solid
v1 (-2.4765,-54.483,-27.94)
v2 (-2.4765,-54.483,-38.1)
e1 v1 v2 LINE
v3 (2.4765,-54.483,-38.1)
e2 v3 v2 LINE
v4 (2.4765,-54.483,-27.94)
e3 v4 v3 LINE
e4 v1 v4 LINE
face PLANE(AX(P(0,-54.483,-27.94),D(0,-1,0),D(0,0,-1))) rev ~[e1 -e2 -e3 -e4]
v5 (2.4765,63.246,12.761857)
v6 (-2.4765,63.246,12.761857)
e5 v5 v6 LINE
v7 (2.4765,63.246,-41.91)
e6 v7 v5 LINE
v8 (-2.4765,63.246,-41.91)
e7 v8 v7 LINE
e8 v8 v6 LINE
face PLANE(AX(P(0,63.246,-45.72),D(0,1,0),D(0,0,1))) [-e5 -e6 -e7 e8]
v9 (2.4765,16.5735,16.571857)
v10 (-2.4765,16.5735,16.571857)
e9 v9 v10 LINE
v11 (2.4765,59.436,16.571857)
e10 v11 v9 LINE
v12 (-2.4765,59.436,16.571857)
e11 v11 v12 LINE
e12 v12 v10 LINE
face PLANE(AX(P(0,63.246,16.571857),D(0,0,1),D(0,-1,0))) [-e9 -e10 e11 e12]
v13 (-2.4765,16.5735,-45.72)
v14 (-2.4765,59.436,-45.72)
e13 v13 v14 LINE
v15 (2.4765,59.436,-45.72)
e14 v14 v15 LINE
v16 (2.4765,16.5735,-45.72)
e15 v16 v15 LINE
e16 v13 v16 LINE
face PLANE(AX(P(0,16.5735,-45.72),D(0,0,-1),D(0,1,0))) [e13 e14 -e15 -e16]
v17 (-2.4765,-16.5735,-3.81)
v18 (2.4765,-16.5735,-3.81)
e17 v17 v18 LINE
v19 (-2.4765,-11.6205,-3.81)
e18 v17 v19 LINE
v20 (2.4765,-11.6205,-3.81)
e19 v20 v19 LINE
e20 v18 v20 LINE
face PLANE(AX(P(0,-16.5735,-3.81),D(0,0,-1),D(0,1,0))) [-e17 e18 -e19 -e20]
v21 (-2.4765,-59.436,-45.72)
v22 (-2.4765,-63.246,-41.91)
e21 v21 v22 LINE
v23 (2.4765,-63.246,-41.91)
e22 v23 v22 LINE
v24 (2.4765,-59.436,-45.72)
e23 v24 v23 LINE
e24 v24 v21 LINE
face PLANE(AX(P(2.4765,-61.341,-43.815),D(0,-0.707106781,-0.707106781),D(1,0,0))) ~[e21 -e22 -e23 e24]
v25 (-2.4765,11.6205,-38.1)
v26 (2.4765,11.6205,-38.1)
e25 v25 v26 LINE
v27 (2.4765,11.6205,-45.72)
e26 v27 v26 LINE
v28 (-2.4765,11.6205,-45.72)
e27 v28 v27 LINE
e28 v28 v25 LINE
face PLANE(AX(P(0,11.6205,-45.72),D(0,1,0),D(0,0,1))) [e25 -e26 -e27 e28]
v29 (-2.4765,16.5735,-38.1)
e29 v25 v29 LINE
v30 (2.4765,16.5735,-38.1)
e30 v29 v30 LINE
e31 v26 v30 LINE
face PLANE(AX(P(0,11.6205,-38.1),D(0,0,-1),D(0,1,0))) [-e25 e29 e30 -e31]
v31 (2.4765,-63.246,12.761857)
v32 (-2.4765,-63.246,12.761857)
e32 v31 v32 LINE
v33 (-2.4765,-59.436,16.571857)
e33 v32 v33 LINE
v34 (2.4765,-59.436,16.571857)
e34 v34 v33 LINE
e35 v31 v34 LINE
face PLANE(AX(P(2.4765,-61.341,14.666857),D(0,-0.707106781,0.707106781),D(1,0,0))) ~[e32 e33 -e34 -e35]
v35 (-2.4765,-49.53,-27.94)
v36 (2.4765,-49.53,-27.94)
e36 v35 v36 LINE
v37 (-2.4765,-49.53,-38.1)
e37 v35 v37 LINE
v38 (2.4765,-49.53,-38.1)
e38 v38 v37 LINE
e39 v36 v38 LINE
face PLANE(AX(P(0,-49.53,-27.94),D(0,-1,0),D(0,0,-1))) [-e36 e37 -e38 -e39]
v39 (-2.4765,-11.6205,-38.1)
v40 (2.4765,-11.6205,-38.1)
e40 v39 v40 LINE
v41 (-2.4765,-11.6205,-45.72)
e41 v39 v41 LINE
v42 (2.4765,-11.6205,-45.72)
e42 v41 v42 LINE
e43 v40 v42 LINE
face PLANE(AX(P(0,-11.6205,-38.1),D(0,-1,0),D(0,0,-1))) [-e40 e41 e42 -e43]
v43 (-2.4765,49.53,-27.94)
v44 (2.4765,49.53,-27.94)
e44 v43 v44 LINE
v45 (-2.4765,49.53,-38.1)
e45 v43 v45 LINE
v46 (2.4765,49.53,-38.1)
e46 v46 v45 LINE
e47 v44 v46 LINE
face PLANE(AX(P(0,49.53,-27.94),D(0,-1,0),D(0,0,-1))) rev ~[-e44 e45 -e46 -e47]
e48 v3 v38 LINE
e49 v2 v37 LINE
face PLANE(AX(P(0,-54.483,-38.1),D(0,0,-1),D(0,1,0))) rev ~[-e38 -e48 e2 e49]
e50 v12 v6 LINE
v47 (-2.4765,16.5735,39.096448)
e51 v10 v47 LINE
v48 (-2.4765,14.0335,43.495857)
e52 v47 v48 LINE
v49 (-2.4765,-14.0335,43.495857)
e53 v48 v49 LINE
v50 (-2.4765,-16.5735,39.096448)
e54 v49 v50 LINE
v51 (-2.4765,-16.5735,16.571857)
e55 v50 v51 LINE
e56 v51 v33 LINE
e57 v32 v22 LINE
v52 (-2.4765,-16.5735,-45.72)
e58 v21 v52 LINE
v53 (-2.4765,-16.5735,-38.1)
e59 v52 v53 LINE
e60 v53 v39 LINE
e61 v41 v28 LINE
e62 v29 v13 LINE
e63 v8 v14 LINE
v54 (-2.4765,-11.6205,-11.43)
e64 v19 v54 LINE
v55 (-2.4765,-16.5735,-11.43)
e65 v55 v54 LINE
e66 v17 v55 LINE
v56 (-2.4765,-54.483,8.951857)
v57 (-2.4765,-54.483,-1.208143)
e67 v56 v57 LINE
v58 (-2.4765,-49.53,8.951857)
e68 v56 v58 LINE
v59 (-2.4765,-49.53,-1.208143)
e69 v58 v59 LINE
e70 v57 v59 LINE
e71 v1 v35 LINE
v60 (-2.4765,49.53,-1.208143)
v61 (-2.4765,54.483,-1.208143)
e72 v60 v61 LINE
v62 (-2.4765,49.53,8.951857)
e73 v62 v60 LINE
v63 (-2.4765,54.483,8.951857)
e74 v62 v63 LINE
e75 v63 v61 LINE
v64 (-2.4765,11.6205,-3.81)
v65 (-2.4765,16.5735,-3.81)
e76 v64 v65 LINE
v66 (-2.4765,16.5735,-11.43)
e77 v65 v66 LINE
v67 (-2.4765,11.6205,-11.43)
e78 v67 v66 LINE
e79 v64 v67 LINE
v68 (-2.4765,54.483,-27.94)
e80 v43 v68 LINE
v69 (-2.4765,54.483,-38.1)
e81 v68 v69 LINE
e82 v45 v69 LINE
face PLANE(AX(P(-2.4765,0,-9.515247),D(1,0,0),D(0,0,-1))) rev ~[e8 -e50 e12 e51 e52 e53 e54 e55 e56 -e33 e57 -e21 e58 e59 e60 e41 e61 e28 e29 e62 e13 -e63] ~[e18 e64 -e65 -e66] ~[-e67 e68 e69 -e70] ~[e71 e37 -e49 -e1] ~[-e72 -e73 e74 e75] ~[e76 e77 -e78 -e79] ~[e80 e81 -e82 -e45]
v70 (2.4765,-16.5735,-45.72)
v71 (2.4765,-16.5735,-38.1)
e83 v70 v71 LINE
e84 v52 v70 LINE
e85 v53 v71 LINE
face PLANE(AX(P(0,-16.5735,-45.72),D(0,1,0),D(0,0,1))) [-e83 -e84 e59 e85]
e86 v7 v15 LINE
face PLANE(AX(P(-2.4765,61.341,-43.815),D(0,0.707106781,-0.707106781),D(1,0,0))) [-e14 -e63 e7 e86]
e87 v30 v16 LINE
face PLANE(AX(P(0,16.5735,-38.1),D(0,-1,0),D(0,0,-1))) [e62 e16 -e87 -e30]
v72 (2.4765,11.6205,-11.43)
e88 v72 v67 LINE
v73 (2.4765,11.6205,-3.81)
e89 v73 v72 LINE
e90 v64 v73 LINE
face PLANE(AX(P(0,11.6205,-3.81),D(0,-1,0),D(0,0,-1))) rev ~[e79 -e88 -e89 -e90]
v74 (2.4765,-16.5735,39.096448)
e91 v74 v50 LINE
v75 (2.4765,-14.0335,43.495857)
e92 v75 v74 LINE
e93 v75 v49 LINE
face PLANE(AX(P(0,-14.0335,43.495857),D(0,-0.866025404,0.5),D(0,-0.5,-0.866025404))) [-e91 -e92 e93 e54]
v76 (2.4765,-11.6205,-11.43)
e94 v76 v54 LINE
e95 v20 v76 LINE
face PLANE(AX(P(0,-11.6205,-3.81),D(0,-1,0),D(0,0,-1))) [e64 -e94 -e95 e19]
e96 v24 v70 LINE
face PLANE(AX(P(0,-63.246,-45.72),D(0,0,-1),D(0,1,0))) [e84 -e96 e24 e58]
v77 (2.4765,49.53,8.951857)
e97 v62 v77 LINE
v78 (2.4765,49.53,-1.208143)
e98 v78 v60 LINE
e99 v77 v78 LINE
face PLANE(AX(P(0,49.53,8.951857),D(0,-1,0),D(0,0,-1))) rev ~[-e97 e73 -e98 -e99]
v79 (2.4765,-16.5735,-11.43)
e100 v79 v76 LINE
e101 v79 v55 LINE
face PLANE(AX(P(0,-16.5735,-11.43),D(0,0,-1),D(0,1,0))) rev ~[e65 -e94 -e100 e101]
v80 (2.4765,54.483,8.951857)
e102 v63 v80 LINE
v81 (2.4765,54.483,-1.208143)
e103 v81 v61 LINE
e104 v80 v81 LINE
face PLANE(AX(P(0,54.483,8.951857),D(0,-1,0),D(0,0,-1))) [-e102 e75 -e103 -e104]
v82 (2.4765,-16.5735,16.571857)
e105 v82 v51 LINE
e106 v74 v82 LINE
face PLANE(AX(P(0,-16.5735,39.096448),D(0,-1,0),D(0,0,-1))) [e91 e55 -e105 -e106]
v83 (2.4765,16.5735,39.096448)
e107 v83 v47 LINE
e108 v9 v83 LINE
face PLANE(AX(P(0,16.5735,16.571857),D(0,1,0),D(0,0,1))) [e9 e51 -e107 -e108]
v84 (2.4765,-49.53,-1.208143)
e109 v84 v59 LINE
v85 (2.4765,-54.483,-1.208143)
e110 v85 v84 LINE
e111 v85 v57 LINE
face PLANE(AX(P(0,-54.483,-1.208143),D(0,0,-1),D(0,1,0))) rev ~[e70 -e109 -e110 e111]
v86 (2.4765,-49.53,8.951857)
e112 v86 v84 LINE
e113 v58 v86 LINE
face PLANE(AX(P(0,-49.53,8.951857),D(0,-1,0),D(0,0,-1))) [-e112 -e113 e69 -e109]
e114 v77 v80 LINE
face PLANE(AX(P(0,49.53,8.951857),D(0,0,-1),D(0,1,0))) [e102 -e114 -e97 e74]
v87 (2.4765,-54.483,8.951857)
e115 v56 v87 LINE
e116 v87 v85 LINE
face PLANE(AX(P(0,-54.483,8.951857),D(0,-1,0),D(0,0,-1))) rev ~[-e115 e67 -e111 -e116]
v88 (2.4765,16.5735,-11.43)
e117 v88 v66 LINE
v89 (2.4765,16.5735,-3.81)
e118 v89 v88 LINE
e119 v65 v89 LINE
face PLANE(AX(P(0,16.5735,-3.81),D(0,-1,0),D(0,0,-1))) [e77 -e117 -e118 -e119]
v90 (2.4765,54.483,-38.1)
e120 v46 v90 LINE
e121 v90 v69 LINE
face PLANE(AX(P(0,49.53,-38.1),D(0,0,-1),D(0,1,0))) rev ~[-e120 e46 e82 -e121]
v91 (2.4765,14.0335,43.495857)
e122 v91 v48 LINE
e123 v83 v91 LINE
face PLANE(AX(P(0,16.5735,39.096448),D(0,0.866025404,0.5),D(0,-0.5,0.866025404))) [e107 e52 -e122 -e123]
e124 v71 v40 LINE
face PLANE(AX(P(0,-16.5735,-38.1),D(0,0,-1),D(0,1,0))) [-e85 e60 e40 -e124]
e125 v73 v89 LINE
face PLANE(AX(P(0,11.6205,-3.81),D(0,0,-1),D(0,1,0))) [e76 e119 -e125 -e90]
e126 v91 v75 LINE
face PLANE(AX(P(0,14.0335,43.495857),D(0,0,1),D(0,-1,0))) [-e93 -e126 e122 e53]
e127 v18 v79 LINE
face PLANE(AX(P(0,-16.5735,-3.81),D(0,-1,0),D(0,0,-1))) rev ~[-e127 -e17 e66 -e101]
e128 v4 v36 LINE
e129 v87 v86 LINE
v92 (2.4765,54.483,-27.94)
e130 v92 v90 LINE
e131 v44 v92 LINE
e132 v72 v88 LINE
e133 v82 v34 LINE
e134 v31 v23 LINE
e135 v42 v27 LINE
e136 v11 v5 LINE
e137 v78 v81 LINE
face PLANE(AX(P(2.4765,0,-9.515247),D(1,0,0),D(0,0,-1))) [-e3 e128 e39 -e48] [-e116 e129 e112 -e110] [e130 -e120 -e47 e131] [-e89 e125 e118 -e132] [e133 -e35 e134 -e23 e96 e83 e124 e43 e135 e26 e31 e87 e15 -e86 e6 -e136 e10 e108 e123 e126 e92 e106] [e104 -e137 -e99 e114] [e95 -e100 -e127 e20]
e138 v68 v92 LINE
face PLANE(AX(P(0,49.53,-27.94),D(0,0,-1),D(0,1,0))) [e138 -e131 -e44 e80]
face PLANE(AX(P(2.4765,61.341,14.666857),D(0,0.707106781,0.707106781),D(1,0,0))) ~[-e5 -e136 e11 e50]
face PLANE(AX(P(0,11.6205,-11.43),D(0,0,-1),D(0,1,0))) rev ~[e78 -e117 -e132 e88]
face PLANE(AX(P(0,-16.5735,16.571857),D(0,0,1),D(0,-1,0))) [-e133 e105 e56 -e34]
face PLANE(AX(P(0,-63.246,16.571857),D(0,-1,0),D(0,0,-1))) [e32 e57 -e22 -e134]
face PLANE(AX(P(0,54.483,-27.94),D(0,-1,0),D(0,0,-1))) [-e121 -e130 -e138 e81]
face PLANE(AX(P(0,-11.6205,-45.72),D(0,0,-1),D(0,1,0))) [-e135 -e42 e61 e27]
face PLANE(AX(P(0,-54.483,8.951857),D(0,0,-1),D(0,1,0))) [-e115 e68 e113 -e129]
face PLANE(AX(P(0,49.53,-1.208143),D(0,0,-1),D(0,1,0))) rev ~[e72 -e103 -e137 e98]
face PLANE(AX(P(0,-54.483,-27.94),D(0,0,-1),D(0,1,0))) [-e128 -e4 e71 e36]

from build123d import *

# Parameters (mm, degrees)
SKETCH1_W           = 10.16
SKETCH1_H           = 4.953
SKETCH1_W_2         = 7.62
BOSS_EXTRUDE1_DEPTH = 2.4765
CHAMFER2_SIZE       = 3.81


with BuildPart() as part:
    # Sketch1 → Boss-Extrude1 (new body, symmetric)
    with BuildSketch(Plane(origin=(0, 0, 0), x_dir=(0, 0, -1), z_dir=(1, 0, 0))):
        Polygon((45.72, -63.246), (45.72, -16.5735), (38.1, -16.5735), (38.1, -11.6205), (45.72, -11.6205), (45.72, 11.6205), (38.1, 11.6205), (38.1, 16.5735), (45.72, 16.5735), (45.72, 63.246), (-16.571856626, 63.246), (-16.571856626, 16.5735), (-39.096447575, 16.5735), (-43.495856626, 14.0335), (-43.495856626, -14.0335), (-39.096447575, -16.5735), (-16.571856626, -16.5735), (-16.571856626, -63.246), align=None)
        with Locations((33.02, -52.0065)):
            Rectangle(SKETCH1_W, SKETCH1_H, mode=Mode.SUBTRACT)
        with Locations((33.02, 52.0065)):
            Rectangle(SKETCH1_W, SKETCH1_H, mode=Mode.SUBTRACT)
        with Locations((-3.871856626, 52.0065)):
            Rectangle(SKETCH1_W, SKETCH1_H, mode=Mode.SUBTRACT)
        with Locations((-3.871856626, -52.0065)):
            Rectangle(SKETCH1_W, SKETCH1_H, mode=Mode.SUBTRACT)
        with Locations((7.62, 14.097)):
            Rectangle(SKETCH1_W_2, SKETCH1_H, mode=Mode.SUBTRACT)
        with Locations((7.62, -14.097)):
            Rectangle(SKETCH1_W_2, SKETCH1_H, mode=Mode.SUBTRACT)
    extrude(amount=BOSS_EXTRUDE1_DEPTH, both=True)

    # Chamfer2
    chamfer2_edges = [part.edges().sort_by_distance(p)[0] for p in [
        (0, -63.246, -45.72),
        (0, -63.246, 16.571856626),
        (0, 63.246, 16.571856626),
        (0, 63.246, -45.72),
    ]]
    chamfer(chamfer2_edges, length=CHAMFER2_SIZE)


solid = part.part
